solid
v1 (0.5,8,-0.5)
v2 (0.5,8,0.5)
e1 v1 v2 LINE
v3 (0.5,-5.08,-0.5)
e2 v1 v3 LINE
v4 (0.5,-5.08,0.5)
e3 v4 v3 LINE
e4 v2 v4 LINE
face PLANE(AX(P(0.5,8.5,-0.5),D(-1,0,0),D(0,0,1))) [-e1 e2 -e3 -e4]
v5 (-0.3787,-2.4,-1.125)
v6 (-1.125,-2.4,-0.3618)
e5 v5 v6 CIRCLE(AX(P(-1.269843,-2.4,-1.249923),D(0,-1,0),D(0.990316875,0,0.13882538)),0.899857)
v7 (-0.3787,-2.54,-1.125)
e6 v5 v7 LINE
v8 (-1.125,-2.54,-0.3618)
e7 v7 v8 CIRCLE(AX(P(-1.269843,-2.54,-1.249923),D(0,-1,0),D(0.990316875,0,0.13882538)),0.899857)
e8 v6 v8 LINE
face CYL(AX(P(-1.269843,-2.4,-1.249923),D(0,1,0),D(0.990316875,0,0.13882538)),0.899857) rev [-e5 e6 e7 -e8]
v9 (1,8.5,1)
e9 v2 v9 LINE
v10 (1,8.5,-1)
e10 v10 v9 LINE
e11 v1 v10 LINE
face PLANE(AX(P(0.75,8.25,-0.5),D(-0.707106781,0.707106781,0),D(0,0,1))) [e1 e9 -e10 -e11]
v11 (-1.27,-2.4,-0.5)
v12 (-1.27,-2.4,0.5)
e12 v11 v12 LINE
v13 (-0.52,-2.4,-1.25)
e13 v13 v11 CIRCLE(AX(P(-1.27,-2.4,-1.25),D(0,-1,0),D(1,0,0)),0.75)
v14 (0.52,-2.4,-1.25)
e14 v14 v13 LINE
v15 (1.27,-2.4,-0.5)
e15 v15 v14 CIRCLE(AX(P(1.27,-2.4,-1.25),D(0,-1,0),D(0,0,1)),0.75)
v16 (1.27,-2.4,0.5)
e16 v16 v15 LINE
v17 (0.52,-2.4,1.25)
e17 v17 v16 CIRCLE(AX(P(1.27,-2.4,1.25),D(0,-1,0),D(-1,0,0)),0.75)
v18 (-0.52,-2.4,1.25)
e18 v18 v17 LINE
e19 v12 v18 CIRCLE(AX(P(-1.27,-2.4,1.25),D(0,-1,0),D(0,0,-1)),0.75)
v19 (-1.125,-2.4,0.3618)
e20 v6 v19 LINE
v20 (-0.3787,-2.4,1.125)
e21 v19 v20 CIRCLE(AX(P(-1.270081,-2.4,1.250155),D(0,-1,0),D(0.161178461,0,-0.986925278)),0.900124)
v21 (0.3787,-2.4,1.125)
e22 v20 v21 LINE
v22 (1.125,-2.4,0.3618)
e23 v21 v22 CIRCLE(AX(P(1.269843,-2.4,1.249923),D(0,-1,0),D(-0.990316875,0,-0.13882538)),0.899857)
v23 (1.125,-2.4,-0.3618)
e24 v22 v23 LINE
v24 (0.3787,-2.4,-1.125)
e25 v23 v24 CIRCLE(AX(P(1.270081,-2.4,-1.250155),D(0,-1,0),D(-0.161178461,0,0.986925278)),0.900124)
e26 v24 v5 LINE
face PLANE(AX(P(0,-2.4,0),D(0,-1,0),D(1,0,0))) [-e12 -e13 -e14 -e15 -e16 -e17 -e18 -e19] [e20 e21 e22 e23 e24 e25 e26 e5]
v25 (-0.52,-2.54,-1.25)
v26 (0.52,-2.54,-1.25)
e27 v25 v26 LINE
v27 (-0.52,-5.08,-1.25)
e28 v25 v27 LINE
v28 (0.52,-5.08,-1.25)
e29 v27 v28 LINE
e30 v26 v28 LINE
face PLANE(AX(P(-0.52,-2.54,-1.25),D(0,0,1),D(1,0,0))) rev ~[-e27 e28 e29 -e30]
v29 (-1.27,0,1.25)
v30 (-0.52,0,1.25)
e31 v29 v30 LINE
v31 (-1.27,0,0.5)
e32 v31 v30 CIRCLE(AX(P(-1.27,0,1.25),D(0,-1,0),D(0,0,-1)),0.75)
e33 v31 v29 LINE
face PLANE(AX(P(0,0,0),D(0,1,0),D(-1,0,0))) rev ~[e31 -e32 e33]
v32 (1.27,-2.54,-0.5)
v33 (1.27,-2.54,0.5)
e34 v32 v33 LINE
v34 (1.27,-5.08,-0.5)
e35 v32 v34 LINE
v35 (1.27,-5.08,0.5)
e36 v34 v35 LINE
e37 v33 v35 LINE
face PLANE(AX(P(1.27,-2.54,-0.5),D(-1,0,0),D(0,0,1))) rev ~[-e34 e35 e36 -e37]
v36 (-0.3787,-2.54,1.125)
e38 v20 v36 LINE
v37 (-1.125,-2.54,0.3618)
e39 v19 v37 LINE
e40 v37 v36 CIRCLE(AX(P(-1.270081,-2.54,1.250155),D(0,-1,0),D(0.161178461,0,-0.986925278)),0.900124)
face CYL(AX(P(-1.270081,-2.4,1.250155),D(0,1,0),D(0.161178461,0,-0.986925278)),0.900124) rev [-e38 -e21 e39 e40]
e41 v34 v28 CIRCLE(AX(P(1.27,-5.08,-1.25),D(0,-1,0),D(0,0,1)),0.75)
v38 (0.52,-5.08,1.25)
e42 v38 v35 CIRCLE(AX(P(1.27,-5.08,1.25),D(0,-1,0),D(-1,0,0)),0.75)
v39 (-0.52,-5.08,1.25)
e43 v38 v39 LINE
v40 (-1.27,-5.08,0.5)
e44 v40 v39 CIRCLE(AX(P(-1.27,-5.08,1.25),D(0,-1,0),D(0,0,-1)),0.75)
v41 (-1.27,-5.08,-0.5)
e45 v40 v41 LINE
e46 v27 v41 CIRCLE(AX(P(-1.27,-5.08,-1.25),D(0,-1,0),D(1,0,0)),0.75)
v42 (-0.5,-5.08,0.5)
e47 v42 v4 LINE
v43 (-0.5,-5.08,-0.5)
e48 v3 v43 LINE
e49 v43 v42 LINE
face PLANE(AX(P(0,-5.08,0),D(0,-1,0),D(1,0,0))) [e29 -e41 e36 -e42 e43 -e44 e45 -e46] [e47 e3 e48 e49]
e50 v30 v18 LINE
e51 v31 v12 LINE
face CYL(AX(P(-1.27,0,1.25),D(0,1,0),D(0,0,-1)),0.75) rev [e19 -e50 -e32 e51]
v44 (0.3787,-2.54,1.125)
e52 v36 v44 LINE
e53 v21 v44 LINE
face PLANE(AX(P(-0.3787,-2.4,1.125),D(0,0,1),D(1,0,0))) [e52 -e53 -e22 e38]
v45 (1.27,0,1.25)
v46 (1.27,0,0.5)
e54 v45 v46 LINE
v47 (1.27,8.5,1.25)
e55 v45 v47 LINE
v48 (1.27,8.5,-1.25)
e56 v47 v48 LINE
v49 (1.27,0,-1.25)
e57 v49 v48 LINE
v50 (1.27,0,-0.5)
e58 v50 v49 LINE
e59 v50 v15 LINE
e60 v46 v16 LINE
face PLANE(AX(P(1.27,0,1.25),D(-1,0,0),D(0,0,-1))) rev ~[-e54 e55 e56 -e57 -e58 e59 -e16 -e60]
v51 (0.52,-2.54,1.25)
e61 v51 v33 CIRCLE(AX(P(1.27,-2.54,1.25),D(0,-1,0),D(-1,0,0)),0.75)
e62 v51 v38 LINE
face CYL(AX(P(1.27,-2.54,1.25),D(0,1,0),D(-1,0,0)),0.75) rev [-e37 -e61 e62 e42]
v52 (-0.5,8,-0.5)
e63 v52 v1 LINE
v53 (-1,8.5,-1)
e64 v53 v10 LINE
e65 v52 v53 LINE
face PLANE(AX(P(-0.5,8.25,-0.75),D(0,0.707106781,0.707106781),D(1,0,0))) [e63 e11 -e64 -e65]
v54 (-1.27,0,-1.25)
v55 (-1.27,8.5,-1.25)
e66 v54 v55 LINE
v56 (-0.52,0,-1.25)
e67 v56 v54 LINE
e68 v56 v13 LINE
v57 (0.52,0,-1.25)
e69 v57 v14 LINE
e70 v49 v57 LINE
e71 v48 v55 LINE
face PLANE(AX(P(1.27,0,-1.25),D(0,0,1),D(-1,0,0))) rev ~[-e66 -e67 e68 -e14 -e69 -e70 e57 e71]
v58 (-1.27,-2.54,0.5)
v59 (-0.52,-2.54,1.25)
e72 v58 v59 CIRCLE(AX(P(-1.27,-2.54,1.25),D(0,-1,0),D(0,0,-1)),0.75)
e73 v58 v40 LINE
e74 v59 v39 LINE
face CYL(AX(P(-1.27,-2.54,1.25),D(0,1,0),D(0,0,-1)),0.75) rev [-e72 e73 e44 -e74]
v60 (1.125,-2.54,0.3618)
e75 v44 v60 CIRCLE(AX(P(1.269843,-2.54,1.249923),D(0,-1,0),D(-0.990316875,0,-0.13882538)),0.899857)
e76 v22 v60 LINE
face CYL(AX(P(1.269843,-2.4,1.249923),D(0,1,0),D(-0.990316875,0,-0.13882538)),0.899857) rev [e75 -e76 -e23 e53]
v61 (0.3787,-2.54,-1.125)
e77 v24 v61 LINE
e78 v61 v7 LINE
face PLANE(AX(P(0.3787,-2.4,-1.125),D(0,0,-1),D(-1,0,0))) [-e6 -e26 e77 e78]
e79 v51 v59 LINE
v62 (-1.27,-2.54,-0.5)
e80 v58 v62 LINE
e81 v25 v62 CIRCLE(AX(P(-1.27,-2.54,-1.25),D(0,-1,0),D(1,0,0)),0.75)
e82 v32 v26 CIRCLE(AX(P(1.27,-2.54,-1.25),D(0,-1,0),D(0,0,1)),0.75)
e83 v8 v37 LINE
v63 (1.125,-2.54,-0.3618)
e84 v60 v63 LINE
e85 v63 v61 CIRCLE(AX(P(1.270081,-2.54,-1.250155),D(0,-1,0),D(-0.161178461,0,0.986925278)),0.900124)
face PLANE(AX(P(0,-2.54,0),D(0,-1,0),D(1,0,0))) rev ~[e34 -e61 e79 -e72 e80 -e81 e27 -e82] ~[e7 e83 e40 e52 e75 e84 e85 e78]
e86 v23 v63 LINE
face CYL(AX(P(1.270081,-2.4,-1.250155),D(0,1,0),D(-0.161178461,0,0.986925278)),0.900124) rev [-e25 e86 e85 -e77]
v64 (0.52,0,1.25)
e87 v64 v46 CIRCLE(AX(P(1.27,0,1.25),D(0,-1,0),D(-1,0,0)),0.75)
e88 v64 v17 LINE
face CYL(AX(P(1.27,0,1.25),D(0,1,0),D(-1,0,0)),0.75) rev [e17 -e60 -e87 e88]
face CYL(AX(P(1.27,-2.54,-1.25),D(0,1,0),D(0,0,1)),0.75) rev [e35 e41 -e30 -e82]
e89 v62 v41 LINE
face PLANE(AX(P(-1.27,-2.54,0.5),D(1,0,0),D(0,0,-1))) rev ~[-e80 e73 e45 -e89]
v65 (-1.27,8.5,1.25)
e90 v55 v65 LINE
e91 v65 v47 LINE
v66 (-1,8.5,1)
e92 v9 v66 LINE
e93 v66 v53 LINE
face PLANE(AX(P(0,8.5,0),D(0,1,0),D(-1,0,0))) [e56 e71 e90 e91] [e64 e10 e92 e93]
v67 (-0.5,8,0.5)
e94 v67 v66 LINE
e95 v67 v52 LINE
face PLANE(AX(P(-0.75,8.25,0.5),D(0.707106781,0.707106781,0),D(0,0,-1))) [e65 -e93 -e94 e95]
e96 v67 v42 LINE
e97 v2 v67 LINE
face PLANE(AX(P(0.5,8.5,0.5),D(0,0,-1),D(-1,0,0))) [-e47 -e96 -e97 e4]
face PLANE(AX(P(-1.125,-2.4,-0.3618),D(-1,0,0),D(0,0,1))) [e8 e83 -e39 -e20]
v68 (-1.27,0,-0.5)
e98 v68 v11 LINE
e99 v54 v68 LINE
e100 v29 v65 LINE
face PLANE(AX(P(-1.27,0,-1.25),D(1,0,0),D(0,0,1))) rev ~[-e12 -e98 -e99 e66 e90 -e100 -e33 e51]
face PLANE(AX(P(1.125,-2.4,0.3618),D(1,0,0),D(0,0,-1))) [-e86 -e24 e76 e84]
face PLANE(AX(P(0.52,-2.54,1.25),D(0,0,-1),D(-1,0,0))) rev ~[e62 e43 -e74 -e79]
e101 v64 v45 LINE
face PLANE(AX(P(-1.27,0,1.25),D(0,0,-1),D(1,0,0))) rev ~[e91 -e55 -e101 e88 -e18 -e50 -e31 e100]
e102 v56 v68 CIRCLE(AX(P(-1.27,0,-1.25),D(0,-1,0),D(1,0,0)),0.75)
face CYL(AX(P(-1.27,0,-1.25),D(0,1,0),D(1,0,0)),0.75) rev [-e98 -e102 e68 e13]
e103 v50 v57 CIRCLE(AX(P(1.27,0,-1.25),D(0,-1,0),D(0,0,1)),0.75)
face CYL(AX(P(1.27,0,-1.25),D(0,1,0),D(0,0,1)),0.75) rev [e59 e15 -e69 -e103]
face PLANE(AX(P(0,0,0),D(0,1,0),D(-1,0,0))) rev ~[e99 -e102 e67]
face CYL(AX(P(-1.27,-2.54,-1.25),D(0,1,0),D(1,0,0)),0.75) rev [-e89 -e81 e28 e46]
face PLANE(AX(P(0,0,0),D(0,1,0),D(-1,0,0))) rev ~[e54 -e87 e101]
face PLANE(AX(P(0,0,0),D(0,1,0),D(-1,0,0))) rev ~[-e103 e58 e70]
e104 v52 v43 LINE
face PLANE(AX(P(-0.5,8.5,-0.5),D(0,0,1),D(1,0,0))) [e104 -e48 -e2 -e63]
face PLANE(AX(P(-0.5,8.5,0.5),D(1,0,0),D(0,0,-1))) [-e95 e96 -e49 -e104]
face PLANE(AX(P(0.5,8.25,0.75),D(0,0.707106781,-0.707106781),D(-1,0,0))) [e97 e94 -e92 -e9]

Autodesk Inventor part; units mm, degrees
ref_plane "YZ Plane" through (0, 0, 0) normal (1, 0, 0) x (0, 1, 0)
ref_plane "XZ Plane" through (0, 0, 0) normal (0, 1, 0) x (-1, 0, 0)
ref_plane "XY Plane" through (0, 0, 0) normal (0, 0, 1) x (1, 0, 0)
sketch "Sketch1" plane through (0, 0, 0) normal (0, 1, 0) x (-1, 0, 0)
  line L0 (1.27, 1.25) -> (-1.27, 1.25)
  line L1 (-1.27, 1.25) -> (-1.27, -1.25)
  line L2 (-1.27, -1.25) -> (1.27, -1.25)
  line L3 (1.27, -1.25) -> (1.27, 1.25)
  line L4 (1.27, 1.25) -> (-1.27, -1.25) construction
  line L5 (-1.27, 1.25) -> (1.27, -1.25) construction
  point P0 (0, 0)
  dimension "d0" = 2.54
  dimension "d1" = 2.5
extrude "Extrusion1" add sketch "Sketch1" along normal blind 8.5
sketch "Sketch2" plane through (0, 0, 0) normal (0, -1, 0) x (1, 0, 0)
  line L0 (-1.27, 1.25) -> (1.27, 1.25) projected
  arc A0 (0.52, 1.25) -> (1.27, 0.5) centre (1.27, 1.25) ccw
  line L1 (-1.27, -1.25) -> (-1.27, 1.25) projected
  arc A1 (-1.27, 0.5) -> (-0.52, 1.25) centre (-1.27, 1.25) ccw
  arc A2 (-0.52, -1.25) -> (-1.27, -0.5) centre (-1.27, -1.25) ccw
  line L2 (1.27, -1.25) -> (-1.27, -1.25) projected
  arc A3 (1.27, -0.5) -> (0.52, -1.25) centre (1.27, -1.25) ccw
  line L3 (1.27, 1.25) -> (1.27, -1.25) projected
  line L4 (-1.27, -1.25) -> (-1.27, 1.25) projected
  line L5 (1.27, -1.25) -> (-1.27, -1.25) projected
  point P0 (0, 0)
  dimension "d4" = 0.75
extrude "Extrusion2" add sketch "Sketch2" along normal blind 2.4 contours L0 A0 L3 A3 L2 A2 L1 A1
sketch "Sketch3" plane through (0, -2.4, 0) normal (0, -1, 0) x (1, 0, 0)
  line L0 (-1.125, 1.125) -> (1.125, 1.125)
  line L1 (1.125, 1.125) -> (1.125, -1.125)
  line L2 (1.125, -1.125) -> (-1.125, -1.125)
  line L3 (-1.125, -1.125) -> (-1.125, 1.125)
  line L4 (-1.125, 1.125) -> (1.125, -1.125) construction
  line L5 (1.125, 1.125) -> (-1.125, -1.125) construction
  arc A0 (-1.125, 0.3618) -> (-0.3787, 1.125) centre (-1.27, 1.25) ccw
  arc A1 (0.3787, 1.125) -> (1.125, 0.3618) centre (1.27, 1.25) ccw
  arc A2 (-0.3787, -1.125) -> (-1.125, -0.3618) centre (-1.27, -1.25) ccw
  arc A3 (1.125, -0.3618) -> (0.3787, -1.125) centre (1.27, -1.25) ccw
  point P0 (0, 0)
  dimension "d7" = 2.25
  dimension "d8" = 0.9
  dimension "d9" = 0.9
  dimension "d10" = 0.9
  dimension "d11" = 0.9
extrude "Extrusion3" add sketch "Sketch3" along normal blind 0.14 contours L0 A1 L1 A3 L2 A2 L3 A0
sketch "Sketch4" plane through (0, -2.54, 0) normal (0, -1, 0) x (1, 0, 0)
  line L0 (0.52, 1.25) -> (-0.52, 1.25) projected
  arc A0 (-1.27, 0.5) -> (-0.52, 1.25) centre (-1.27, 1.25) ccw projected
  line L1 (-1.27, 0.5) -> (-1.27, -0.5) projected
  arc A1 (-0.52, -1.25) -> (-1.27, -0.5) centre (-1.27, -1.25) ccw projected
  line L2 (-0.52, -1.25) -> (0.52, -1.25) projected
  arc A2 (1.27, -0.5) -> (0.52, -1.25) centre (1.27, -1.25) ccw projected
  line L3 (1.27, -0.5) -> (1.27, 0.5) projected
  arc A3 (0.52, 1.25) -> (1.27, 0.5) centre (1.27, 1.25) ccw projected
  point P0 (0, 0)
extrude "Extrusion4" add sketch "Sketch4" along normal blind 2.54
sketch "Sketch5" plane through (0, 8.5, 0) normal (0, 1, 0) x (1, 0, 0)
  line L0 (-0.5, 0.5) -> (0.5, 0.5)
  line L1 (0.5, 0.5) -> (0.5, -0.5)
  line L2 (0.5, -0.5) -> (-0.5, -0.5)
  line L3 (-0.5, -0.5) -> (-0.5, 0.5)
  line L4 (-0.5, 0.5) -> (0.5, -0.5) construction
  line L5 (0.5, 0.5) -> (-0.5, -0.5) construction
  point P0 (0, 0)
  dimension "d16" = 1
extrude "Extrusion5" cut sketch "Sketch5" against normal through all
chamfer "Chamfer1" distance 0.5 angle 45 4 edges at (0, 8.5, -0.5) (-0.5, 8.5, 0) (0, 8.5, 0.5) (0.5, 8.5, 0)
properties part number "SMT GPIO Female Header 2x20"
